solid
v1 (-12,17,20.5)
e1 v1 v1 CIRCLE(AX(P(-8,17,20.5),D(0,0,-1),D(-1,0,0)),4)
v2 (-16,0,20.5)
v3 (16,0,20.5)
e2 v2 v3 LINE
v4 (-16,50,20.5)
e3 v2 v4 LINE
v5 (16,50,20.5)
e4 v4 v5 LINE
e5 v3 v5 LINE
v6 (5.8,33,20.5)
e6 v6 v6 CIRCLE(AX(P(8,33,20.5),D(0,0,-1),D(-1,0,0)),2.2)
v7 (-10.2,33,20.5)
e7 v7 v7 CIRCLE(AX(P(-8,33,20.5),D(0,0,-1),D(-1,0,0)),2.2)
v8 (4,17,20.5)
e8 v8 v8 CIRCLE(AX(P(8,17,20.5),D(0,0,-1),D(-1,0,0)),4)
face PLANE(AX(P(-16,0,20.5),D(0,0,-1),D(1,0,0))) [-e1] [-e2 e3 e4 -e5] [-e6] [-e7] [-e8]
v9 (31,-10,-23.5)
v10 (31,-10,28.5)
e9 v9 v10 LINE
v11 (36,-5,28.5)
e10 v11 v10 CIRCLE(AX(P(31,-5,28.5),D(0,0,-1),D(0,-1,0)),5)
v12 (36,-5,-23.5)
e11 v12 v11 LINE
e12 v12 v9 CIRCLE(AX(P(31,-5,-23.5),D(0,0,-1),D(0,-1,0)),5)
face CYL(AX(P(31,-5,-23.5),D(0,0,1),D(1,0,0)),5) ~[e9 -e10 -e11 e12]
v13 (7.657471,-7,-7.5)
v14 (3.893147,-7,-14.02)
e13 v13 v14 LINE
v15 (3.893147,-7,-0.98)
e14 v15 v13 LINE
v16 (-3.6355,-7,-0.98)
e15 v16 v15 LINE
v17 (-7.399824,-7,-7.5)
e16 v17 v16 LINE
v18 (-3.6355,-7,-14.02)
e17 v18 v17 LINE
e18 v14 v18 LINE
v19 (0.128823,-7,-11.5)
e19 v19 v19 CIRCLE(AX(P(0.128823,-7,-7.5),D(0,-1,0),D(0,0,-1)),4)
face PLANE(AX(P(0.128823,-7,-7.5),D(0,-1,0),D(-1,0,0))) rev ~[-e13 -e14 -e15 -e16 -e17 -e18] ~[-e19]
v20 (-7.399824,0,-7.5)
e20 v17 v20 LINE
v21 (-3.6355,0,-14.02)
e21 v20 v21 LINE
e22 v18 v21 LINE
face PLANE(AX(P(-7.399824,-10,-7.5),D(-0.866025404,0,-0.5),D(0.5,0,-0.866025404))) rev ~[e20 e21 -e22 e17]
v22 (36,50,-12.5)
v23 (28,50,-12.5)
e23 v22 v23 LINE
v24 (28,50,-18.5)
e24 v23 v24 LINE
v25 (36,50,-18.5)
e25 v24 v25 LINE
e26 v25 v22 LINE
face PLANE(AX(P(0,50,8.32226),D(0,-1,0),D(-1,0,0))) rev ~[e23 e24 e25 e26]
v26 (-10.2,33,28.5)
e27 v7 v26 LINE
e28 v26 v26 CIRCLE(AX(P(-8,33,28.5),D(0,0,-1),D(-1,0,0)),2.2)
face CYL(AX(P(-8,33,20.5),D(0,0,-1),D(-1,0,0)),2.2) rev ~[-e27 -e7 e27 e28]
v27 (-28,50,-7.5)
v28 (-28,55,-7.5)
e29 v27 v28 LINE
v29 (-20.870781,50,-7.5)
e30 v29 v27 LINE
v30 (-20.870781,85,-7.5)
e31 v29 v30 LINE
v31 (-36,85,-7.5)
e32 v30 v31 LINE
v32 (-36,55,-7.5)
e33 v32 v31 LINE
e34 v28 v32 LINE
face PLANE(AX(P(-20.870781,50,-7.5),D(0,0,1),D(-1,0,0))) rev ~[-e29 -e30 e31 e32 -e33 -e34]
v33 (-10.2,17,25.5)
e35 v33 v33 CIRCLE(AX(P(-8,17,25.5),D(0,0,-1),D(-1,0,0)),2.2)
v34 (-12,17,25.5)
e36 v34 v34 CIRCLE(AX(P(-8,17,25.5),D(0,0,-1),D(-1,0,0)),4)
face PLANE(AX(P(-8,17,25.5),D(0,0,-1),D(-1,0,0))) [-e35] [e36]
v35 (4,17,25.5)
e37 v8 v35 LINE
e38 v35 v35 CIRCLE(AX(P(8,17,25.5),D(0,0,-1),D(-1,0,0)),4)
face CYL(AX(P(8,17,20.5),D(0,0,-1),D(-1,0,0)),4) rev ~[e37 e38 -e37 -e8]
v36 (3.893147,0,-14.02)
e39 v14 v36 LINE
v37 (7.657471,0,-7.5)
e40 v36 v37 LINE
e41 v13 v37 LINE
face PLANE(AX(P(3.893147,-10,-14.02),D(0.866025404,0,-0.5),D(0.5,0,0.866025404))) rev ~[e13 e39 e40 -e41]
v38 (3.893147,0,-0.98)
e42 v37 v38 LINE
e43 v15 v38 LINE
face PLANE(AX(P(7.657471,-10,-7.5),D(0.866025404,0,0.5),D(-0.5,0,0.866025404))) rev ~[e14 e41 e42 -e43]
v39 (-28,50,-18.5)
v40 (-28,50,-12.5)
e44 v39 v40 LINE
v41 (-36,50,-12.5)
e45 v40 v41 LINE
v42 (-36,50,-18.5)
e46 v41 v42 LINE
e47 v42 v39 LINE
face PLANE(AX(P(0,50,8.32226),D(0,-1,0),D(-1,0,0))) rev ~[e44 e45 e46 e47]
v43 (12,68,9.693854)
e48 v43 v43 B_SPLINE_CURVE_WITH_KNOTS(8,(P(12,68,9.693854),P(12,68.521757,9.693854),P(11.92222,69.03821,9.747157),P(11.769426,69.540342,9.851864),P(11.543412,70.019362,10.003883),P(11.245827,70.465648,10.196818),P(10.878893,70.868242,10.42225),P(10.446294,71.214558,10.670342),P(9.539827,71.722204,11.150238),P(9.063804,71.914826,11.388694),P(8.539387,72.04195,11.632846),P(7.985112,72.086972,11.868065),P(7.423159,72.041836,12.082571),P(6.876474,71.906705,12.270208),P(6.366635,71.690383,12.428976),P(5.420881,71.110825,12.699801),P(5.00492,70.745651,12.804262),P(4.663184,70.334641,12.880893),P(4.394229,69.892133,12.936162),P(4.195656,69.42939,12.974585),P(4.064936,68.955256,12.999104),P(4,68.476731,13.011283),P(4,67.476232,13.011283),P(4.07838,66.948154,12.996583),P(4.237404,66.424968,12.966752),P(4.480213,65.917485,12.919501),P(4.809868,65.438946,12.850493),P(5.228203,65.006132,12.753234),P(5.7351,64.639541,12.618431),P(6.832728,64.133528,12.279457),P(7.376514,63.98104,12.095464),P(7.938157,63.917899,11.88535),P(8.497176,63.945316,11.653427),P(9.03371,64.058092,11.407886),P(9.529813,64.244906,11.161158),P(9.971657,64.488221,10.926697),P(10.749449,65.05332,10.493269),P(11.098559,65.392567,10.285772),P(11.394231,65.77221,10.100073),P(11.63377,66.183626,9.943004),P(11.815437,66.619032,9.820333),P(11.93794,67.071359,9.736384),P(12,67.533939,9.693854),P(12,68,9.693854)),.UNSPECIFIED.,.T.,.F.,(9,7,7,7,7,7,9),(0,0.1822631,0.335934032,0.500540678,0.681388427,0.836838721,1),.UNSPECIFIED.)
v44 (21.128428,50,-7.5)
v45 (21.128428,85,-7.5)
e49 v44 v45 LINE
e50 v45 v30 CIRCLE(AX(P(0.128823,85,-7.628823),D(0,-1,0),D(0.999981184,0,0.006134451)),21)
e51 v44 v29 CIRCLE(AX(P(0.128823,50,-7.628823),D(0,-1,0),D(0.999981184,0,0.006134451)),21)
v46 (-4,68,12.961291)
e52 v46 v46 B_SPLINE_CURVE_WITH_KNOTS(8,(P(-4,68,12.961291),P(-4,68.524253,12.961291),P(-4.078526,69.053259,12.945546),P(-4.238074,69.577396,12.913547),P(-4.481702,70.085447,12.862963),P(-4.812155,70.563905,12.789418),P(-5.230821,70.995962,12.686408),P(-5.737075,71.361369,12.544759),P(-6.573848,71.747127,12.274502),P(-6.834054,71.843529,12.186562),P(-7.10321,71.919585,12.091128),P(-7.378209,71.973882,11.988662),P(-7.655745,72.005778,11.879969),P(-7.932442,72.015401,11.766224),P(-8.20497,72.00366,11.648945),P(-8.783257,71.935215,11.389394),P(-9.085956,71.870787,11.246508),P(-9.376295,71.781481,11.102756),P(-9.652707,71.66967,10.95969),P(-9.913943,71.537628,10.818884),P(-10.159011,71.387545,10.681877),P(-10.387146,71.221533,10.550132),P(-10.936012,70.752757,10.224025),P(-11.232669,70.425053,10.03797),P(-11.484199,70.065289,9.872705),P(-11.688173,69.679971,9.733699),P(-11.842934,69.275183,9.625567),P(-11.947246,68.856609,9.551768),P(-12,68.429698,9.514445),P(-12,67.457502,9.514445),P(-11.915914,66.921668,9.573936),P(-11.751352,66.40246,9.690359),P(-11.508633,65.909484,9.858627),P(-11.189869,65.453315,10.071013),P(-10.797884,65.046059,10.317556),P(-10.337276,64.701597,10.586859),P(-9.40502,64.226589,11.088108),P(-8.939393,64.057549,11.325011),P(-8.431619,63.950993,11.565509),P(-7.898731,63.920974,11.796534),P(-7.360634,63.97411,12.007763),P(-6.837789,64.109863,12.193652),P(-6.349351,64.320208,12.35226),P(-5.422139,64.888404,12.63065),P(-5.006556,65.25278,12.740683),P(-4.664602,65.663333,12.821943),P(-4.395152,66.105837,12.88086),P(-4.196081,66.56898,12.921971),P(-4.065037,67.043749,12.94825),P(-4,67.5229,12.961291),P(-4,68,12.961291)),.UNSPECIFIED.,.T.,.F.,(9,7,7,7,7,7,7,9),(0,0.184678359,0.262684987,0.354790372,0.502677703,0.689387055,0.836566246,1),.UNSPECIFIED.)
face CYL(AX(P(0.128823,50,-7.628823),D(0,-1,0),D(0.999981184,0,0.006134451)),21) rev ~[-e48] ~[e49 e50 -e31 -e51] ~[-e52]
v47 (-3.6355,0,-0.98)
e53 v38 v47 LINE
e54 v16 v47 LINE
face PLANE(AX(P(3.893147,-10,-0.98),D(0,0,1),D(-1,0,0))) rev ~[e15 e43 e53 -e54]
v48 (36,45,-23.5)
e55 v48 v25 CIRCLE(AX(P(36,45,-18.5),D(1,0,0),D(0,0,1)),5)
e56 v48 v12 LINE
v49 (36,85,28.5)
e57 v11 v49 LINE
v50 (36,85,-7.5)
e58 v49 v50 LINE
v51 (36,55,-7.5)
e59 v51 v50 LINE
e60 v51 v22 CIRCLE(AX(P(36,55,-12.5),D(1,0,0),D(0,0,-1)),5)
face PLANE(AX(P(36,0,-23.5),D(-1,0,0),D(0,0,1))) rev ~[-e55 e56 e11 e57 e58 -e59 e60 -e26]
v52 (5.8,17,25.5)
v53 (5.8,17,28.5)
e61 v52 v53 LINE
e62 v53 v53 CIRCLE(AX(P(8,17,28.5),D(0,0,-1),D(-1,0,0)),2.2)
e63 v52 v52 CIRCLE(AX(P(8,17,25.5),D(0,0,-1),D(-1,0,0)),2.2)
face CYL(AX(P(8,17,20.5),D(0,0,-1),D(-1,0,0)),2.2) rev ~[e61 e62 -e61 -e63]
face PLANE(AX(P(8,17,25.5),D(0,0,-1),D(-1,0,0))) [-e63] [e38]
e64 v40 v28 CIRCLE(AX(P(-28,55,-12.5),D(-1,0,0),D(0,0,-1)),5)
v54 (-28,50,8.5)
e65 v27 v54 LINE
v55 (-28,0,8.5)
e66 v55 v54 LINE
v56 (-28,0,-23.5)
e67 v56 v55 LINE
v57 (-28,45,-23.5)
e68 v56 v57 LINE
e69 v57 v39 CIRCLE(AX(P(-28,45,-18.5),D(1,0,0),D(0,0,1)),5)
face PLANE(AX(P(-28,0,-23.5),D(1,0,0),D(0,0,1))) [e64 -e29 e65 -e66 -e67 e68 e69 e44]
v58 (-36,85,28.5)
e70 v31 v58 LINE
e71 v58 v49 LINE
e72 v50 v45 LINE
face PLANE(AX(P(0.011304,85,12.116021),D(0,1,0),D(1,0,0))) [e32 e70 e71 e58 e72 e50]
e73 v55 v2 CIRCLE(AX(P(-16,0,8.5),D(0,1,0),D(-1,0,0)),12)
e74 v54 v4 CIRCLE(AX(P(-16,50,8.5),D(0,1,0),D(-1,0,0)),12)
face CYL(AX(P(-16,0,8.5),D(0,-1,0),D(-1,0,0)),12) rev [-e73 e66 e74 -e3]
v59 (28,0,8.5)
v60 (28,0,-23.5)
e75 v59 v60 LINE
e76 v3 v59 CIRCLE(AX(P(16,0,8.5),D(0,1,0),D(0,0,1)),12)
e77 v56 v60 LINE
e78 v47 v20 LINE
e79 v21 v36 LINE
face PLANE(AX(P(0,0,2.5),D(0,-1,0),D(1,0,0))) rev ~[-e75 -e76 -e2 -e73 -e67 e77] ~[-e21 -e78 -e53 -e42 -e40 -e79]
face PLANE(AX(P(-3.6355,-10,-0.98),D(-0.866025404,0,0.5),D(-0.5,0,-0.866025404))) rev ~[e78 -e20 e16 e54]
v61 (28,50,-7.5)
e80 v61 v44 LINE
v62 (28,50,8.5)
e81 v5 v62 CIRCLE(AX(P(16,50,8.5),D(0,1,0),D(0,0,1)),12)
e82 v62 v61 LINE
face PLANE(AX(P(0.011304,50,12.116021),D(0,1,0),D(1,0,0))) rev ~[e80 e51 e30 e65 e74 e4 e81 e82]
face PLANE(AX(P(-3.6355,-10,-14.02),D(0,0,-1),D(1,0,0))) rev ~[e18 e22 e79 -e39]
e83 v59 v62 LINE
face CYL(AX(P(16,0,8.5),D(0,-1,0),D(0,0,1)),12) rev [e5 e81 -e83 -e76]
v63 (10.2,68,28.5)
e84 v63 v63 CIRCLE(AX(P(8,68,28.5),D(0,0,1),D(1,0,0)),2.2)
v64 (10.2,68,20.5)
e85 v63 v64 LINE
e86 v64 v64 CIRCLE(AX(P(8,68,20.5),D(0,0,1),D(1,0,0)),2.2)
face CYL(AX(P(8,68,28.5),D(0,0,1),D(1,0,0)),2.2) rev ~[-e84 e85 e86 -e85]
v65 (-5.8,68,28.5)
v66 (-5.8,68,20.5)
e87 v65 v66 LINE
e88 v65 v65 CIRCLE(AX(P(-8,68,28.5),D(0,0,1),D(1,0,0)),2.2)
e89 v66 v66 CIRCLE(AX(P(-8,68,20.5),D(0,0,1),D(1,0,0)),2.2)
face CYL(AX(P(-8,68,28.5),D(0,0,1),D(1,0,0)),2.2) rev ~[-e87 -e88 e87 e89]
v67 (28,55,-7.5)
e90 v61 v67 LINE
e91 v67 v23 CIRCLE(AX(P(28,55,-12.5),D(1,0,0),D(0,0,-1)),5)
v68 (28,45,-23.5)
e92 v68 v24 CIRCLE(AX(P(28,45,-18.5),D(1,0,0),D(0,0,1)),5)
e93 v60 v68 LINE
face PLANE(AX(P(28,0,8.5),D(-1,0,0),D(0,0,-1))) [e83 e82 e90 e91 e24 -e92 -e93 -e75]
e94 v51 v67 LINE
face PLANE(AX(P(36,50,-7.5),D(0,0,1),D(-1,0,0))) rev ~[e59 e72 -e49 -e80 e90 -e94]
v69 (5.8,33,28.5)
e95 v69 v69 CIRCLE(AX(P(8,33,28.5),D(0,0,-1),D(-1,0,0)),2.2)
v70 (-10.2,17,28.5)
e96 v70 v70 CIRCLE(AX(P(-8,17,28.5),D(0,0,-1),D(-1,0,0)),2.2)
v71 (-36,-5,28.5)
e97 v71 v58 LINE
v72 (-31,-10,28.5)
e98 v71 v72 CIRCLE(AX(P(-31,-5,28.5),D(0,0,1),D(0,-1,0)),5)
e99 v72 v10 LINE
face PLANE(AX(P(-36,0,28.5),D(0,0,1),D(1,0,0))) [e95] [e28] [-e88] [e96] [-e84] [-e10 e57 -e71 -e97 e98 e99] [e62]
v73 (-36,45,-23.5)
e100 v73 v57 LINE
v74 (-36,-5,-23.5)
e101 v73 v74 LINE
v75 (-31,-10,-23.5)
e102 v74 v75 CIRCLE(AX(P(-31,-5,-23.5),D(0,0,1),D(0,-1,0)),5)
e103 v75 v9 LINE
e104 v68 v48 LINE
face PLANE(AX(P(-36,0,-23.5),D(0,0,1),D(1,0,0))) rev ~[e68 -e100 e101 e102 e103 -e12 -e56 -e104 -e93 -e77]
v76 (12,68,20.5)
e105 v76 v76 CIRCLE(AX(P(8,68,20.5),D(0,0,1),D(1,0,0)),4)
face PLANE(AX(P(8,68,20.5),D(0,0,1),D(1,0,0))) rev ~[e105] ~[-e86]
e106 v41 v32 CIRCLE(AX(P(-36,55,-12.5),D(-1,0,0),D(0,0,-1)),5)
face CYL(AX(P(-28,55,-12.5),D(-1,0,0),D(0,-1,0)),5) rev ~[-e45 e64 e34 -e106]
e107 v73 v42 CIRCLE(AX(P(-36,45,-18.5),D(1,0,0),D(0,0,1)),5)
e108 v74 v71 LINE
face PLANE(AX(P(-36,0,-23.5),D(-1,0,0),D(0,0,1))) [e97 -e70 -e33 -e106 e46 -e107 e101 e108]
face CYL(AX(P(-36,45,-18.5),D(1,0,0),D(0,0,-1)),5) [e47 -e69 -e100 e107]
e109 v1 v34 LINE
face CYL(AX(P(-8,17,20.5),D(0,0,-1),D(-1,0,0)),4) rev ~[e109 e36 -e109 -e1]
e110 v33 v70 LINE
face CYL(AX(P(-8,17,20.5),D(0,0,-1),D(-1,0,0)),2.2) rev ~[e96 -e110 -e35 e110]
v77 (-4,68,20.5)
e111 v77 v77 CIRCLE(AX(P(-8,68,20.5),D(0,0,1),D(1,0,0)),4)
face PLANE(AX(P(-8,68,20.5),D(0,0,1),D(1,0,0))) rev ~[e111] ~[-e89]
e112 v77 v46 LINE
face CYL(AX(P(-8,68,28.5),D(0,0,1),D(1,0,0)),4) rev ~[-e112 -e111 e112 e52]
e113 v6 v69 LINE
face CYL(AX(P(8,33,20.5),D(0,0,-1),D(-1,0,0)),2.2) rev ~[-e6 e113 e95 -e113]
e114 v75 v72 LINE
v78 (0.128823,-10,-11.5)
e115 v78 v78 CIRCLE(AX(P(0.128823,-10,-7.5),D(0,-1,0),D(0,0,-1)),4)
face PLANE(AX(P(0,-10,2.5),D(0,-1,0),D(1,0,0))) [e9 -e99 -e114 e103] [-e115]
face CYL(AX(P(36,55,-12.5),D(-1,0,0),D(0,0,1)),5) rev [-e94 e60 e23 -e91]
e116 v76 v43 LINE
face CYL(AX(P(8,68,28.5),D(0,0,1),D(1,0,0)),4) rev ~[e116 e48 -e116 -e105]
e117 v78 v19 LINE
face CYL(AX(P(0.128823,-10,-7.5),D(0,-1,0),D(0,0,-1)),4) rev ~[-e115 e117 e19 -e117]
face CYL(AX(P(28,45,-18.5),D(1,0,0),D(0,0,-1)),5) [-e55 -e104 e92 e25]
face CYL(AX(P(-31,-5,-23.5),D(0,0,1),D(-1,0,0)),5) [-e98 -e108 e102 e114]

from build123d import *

# Parameters (mm, degrees)
BOSS_EXTRUDE1_DEPTH = 50
BOSS_EXTRUDE2_DEPTH = 35
SKETCH4_R           = 2.2
CUT_EXTRUDE1_DEPTH  = 35
SKETCH5_R           = 4
CUT_EXTRUDE2_DEPTH  = 5
SKETCH6_R           = 4
CUT_EXTRUDE3_DEPTH  = 34
SKETCH7_R           = 4
SKETCH7_R_2         = 2.2
BOSS_EXTRUDE3_DEPTH = 8
SKETCH8_W           = 72
SKETCH8_H           = 52
BOSS_EXTRUDE4_DEPTH = 10
FILLET1_R           = 5
CUT_EXTRUDE5_DEPTH  = 28
SKETCH11_R          = 11.145843878
SKETCH11_R_2        = 4
BOSS_EXTRUDE6_DEPTH = 3


with BuildPart() as part:
    # Sketch1 → Boss-Extrude1 (new body)
    with BuildSketch(Plane(origin=(0, 0, 0), x_dir=(1, 0, 0), z_dir=(0, 1, 0))):
        with BuildLine():
            Line((-28, 23.5), (-28, -8.5))
            ThreePointArc((-28, -8.5), (-24.485281374, -16.985281374), (-16, -20.5))
            Line((-16, -20.5), (16, -20.5))
            ThreePointArc((16, -20.5), (24.485281374, -16.985281374), (28, -8.5))
            Line((28, -8.5), (28, 23.5))
            Line((28, 23.5), (36, 23.5))
            Line((36, 23.5), (36, 15.5))
            Line((36, 15.5), (36, -8.5))
            Line((36, -8.5), (36, -28.5))
            Line((36, -28.5), (16, -28.5))
            Line((16, -28.5), (-16, -28.5))
            Line((-16, -28.5), (-36, -28.5))
            Line((-36, -28.5), (-36, -8.5))
            Line((-36, -8.5), (-36, 15.5))
            Line((-36, 15.5), (-36, 23.5))
            Line((-36, 23.5), (-28, 23.5))
        make_face()
    extrude(amount=BOSS_EXTRUDE1_DEPTH)

    # Sketch3 → Boss-Extrude2 (add)
    with BuildSketch(Plane(origin=(0, 50, 0), x_dir=(1, 0, 0), z_dir=(0, 1, 0))):
        with BuildLine():
            Line((-36, 7.5), (-36, -8.5))
            Line((-36, -8.5), (-36, -28.5))
            Line((-36, -28.5), (-16, -28.5))
            Line((-16, -28.5), (16, -28.5))
            Line((16, -28.5), (36, -28.5))
            Line((36, -28.5), (36, -8.5))
            Line((36, -8.5), (36, 7.5))
            Line((36, 7.5), (28, 7.5))
            Line((28, 7.5), (21.128428342, 7.5))
            ThreePointArc((21.128428342, 7.5), (0.128823476, -13.371176524), (-20.87078139, 7.5))
            Line((-20.87078139, 7.5), (-28, 7.5))
            Line((-28, 7.5), (-36, 7.5))
        make_face()
    extrude(amount=BOSS_EXTRUDE2_DEPTH)

    # Sketch4 → Cut-Extrude1 (cut)
    with BuildSketch(Plane(origin=(0, 0, 20.5), x_dir=(-1, 0, 0), z_dir=(0, 0, -1))):
        with Locations((8, 33)):
            Circle(SKETCH4_R)
        with Locations((-8, 33)):
            Circle(SKETCH4_R)
        with Locations((-8, 17)):
            Circle(SKETCH4_R)
        with Locations((8, 17)):
            Circle(SKETCH4_R)
    extrude(amount=-CUT_EXTRUDE1_DEPTH, mode=Mode.SUBTRACT)

    # Sketch5 → Cut-Extrude2 (cut)
    with BuildSketch(Plane(origin=(0, 0, 20.5), x_dir=(-1, 0, 0), z_dir=(0, 0, -1))):
        with Locations((-8, 17)):
            Circle(SKETCH5_R)
        with Locations((8, 17)):
            Circle(SKETCH5_R)
    extrude(amount=-CUT_EXTRUDE2_DEPTH, mode=Mode.SUBTRACT)

    # Sketch6 → Cut-Extrude3 (cut)
    with BuildSketch(Plane.XY.offset(28.5)):
        with Locations((-8, 68)):
            Circle(SKETCH6_R)
        with Locations((8, 68)):
            Circle(SKETCH6_R)
    extrude(amount=-CUT_EXTRUDE3_DEPTH, mode=Mode.SUBTRACT)

    # Sketch7 → Boss-Extrude3 (add)
    # profile 1 of 2: a face of its own
    with BuildSketch(Plane.XY.offset(28.5)):
        with Locations((-8, 68)):
            Circle(SKETCH7_R)
        with Locations((-8, 68)):
            Circle(SKETCH7_R_2, mode=Mode.SUBTRACT)
    # profile 2 of 2: a face of its own
    with BuildSketch(Plane.XY.offset(28.5)):
        with Locations((8, 68)):
            Circle(SKETCH7_R)
        with Locations((8, 68)):
            Circle(SKETCH7_R_2, mode=Mode.SUBTRACT)
    extrude(amount=-BOSS_EXTRUDE3_DEPTH)

    # Sketch8 → Boss-Extrude4 (add)
    with BuildSketch(Plane.XZ):
        with Locations((0, 2.5)):
            Rectangle(SKETCH8_W, SKETCH8_H)
    extrude(amount=BOSS_EXTRUDE4_DEPTH)

    # Fillet1
    fillet1_edges = [part.edges().sort_by_distance(p)[0] for p in [
        (-36, -10, 2.5),
        (36, -10, 2.5),
        (32, 50, -23.5),
        (32, 50, -7.5),
        (-32, 50, -23.5),
        (-32, 50, -7.5),
    ]]
    fillet(fillet1_edges, radius=FILLET1_R)

    # Sketch9 → Cut-Extrude5 (cut)
    with BuildSketch(Plane.XZ.offset(10)):
        Polygon((-3.635500279, -0.98), (-7.399824034, -7.5), (7.657470986, -7.5), (3.893147231, -0.98), align=None)
        Polygon((7.657470986, -7.5), (-7.399824034, -7.5), (-3.635500279, -14.02), (3.893147231, -14.02), align=None)
    extrude(amount=-CUT_EXTRUDE5_DEPTH, mode=Mode.SUBTRACT)

    # Sketch11 → Boss-Extrude6 (add)
    with BuildSketch(Plane(origin=(0, -10, 0), x_dir=(-1, 0, 0), z_dir=(0, -1, 0))):
        with Locations((-0.128823476, 7.5)):
            Circle(SKETCH11_R)
        with Locations(Location((-0.128823476, 7.5, 0), (0, 0, 90))):
            Circle(SKETCH11_R_2, mode=Mode.SUBTRACT)
    extrude(amount=-BOSS_EXTRUDE6_DEPTH)


solid = part.part
